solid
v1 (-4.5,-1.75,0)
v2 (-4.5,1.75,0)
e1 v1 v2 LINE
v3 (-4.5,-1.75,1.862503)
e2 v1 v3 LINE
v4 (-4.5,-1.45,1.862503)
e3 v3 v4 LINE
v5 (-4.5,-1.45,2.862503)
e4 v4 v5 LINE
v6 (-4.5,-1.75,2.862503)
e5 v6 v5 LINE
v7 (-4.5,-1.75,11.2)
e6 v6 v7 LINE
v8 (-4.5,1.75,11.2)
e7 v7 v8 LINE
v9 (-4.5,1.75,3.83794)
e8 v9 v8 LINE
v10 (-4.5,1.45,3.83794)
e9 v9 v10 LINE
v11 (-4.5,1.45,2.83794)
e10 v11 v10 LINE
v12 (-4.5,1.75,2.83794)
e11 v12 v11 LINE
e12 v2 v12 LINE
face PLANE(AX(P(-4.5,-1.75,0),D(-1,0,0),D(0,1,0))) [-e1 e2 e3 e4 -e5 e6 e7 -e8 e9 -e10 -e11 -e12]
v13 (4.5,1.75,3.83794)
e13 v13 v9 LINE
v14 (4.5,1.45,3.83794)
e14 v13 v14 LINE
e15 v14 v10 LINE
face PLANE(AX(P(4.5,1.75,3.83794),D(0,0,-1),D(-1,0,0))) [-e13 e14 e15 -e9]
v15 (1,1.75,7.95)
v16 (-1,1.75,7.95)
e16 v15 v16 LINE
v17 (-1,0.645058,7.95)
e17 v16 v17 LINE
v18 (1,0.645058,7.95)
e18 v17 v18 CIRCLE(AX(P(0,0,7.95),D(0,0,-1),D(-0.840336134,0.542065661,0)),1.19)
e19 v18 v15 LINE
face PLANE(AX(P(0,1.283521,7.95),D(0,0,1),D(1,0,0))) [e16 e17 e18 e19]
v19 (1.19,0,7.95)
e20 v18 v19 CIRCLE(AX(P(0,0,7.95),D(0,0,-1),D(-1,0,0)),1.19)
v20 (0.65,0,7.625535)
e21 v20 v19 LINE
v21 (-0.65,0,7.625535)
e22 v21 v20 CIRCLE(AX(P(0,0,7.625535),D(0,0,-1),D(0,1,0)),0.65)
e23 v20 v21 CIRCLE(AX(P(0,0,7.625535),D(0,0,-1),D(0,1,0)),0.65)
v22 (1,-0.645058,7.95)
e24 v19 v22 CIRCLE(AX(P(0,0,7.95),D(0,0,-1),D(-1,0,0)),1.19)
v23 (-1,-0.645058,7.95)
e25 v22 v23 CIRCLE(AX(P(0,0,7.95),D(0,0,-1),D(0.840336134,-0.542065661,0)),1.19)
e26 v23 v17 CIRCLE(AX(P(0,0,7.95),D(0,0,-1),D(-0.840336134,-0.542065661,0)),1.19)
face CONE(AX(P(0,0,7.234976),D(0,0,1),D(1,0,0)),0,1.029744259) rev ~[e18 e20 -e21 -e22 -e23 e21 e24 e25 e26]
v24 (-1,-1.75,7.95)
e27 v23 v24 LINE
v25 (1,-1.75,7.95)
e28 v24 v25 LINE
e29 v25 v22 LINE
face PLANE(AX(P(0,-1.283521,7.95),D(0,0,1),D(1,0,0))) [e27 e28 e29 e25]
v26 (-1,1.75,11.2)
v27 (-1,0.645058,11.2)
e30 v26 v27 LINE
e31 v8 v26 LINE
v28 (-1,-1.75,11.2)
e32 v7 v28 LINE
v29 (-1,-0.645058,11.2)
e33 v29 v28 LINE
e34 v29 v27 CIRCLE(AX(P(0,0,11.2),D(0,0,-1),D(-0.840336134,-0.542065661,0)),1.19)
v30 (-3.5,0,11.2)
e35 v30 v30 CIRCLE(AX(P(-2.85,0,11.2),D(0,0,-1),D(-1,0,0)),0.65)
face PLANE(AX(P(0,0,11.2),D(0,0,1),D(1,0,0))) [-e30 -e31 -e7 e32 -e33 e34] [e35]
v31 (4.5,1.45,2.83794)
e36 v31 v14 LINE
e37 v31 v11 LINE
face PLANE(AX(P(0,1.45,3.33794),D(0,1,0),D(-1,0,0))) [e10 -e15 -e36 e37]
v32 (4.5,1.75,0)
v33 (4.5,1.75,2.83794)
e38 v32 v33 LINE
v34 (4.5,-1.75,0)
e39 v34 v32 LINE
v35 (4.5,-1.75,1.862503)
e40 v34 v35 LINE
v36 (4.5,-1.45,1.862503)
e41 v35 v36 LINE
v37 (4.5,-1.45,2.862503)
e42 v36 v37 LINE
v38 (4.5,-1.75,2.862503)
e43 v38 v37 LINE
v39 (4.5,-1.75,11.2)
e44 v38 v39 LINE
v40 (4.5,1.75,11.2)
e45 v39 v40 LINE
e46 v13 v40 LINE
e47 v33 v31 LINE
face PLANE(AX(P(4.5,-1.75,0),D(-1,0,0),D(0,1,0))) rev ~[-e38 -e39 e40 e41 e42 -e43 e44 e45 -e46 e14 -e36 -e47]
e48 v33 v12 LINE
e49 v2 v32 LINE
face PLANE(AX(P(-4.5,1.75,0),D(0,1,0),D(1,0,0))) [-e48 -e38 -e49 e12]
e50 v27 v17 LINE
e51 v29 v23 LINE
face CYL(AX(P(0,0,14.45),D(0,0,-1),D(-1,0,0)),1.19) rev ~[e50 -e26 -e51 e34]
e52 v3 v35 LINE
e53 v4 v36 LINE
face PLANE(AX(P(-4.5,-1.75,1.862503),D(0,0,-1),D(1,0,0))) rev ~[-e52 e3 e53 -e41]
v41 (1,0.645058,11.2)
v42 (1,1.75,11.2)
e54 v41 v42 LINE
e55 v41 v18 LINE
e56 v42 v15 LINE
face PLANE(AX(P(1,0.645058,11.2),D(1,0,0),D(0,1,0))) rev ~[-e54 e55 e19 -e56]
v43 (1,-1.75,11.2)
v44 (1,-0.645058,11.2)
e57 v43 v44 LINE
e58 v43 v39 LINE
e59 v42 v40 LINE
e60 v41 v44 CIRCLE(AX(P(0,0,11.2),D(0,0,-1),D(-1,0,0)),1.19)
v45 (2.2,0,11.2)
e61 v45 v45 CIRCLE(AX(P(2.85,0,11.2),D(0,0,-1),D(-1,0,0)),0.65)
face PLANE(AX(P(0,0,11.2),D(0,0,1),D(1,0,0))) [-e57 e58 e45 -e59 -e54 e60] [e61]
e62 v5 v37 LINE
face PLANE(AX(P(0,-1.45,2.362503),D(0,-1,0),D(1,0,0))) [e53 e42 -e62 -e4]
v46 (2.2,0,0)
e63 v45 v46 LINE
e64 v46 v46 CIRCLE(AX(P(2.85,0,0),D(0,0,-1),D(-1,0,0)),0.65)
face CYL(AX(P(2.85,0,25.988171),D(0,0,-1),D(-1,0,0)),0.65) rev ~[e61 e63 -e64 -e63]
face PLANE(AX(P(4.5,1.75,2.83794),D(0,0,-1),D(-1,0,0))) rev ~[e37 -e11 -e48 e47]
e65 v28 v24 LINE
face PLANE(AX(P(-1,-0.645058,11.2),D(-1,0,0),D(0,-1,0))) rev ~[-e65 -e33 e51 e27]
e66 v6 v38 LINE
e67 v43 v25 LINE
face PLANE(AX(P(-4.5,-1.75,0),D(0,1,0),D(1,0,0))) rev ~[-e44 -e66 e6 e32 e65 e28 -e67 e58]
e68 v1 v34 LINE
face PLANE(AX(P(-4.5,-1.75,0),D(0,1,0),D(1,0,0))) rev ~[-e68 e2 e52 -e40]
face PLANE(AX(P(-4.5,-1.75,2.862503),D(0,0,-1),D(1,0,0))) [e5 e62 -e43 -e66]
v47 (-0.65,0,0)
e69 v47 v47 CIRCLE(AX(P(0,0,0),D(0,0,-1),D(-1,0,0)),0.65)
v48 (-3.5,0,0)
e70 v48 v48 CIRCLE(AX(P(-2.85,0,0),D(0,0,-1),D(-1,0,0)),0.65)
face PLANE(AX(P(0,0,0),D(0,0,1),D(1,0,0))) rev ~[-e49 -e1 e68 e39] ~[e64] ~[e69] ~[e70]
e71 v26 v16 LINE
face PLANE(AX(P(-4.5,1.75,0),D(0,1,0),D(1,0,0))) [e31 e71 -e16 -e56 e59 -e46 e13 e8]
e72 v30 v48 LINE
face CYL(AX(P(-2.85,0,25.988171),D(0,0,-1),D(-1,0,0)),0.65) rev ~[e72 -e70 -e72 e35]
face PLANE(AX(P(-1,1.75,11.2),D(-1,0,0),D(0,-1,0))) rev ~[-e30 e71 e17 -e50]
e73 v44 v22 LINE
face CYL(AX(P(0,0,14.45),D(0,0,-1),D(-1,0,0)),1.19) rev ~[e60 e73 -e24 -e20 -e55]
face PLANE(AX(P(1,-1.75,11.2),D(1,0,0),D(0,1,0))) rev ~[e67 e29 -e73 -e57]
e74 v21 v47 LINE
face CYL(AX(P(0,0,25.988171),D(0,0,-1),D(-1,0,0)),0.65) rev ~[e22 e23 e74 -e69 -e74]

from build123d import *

# Parameters (mm, degrees)
F0_W      = 9
F0_H      = 3.5
F1_DEPTH  = 11.2
F3_D      = 2.38
F3_DEPTH  = 3.25
F3_TIP    = 0.7150241366
F5_D      = 1.3
F6_W      = 9
F6_H      = 1
F7_DEPTH  = 0.3
F9_DEPTH  = 3.25
F10_W     = 9
F10_H     = 1
F11_DEPTH = 0.3


with BuildPart() as f1:
    # F0 (on Top) → F1 (new body)
    with BuildSketch(Plane.XY):
        Rectangle(F0_W, F0_H)
    extrude(amount=F1_DEPTH)

    # F3
    with Locations(Plane.XY.offset(11.2)):
        with Locations((0, 0)):
            Hole(F3_D / 2, depth=F3_DEPTH)
            with Locations((0, 0, -(F3_DEPTH + F3_TIP / 2))):  # 118° drill point
                Cone(0, F3_D / 2, F3_TIP, mode=Mode.SUBTRACT)

    # F5 (through all)
    with Locations(Plane.XY.offset(11.2)):
        with Locations((0, 0), (-2.85, 0), (2.85, 0)):
            Hole(F5_D / 2)

    # F6 (on face) → F7 (cut)
    with BuildSketch(Plane.XZ.offset(1.75)):
        with Locations((0, 2.3625027388)):
            Rectangle(F6_W, F6_H)
    extrude(amount=-F7_DEPTH, mode=Mode.SUBTRACT)

    # F8 (on face) → F9 (cut)
    with BuildSketch(Plane.XY.offset(11.2)):
        with BuildLine():
            Line((-1, -1.75), (1, -1.75))
            Line((1, -1.75), (1, -0.6450581369))
            ThreePointArc((1, -0.6450581369), (0, -1.19), (-1, -0.6450581369))
            Line((-1, -0.6450581369), (-1, -1.75))
        make_face()
        with BuildLine():
            ThreePointArc((-1, 0.6450581369), (0, 1.19), (1, 0.6450581369))
            Line((1, 0.6450581369), (1, 1.75))
            Line((1, 1.75), (-1, 1.75))
            Line((-1, 1.75), (-1, 0.6450581369))
        make_face()
    extrude(amount=-F9_DEPTH, mode=Mode.SUBTRACT)

    # F10 (on face) → F11 (cut)
    with BuildSketch(Plane(origin=(0, 1.75, 0), x_dir=(-1, 0, 0), z_dir=(0, 1, 0))):
        with Locations((0, 3.3379399683)):
            Rectangle(F10_W, F10_H)
    extrude(amount=-F11_DEPTH, mode=Mode.SUBTRACT)


solid = f1.part
